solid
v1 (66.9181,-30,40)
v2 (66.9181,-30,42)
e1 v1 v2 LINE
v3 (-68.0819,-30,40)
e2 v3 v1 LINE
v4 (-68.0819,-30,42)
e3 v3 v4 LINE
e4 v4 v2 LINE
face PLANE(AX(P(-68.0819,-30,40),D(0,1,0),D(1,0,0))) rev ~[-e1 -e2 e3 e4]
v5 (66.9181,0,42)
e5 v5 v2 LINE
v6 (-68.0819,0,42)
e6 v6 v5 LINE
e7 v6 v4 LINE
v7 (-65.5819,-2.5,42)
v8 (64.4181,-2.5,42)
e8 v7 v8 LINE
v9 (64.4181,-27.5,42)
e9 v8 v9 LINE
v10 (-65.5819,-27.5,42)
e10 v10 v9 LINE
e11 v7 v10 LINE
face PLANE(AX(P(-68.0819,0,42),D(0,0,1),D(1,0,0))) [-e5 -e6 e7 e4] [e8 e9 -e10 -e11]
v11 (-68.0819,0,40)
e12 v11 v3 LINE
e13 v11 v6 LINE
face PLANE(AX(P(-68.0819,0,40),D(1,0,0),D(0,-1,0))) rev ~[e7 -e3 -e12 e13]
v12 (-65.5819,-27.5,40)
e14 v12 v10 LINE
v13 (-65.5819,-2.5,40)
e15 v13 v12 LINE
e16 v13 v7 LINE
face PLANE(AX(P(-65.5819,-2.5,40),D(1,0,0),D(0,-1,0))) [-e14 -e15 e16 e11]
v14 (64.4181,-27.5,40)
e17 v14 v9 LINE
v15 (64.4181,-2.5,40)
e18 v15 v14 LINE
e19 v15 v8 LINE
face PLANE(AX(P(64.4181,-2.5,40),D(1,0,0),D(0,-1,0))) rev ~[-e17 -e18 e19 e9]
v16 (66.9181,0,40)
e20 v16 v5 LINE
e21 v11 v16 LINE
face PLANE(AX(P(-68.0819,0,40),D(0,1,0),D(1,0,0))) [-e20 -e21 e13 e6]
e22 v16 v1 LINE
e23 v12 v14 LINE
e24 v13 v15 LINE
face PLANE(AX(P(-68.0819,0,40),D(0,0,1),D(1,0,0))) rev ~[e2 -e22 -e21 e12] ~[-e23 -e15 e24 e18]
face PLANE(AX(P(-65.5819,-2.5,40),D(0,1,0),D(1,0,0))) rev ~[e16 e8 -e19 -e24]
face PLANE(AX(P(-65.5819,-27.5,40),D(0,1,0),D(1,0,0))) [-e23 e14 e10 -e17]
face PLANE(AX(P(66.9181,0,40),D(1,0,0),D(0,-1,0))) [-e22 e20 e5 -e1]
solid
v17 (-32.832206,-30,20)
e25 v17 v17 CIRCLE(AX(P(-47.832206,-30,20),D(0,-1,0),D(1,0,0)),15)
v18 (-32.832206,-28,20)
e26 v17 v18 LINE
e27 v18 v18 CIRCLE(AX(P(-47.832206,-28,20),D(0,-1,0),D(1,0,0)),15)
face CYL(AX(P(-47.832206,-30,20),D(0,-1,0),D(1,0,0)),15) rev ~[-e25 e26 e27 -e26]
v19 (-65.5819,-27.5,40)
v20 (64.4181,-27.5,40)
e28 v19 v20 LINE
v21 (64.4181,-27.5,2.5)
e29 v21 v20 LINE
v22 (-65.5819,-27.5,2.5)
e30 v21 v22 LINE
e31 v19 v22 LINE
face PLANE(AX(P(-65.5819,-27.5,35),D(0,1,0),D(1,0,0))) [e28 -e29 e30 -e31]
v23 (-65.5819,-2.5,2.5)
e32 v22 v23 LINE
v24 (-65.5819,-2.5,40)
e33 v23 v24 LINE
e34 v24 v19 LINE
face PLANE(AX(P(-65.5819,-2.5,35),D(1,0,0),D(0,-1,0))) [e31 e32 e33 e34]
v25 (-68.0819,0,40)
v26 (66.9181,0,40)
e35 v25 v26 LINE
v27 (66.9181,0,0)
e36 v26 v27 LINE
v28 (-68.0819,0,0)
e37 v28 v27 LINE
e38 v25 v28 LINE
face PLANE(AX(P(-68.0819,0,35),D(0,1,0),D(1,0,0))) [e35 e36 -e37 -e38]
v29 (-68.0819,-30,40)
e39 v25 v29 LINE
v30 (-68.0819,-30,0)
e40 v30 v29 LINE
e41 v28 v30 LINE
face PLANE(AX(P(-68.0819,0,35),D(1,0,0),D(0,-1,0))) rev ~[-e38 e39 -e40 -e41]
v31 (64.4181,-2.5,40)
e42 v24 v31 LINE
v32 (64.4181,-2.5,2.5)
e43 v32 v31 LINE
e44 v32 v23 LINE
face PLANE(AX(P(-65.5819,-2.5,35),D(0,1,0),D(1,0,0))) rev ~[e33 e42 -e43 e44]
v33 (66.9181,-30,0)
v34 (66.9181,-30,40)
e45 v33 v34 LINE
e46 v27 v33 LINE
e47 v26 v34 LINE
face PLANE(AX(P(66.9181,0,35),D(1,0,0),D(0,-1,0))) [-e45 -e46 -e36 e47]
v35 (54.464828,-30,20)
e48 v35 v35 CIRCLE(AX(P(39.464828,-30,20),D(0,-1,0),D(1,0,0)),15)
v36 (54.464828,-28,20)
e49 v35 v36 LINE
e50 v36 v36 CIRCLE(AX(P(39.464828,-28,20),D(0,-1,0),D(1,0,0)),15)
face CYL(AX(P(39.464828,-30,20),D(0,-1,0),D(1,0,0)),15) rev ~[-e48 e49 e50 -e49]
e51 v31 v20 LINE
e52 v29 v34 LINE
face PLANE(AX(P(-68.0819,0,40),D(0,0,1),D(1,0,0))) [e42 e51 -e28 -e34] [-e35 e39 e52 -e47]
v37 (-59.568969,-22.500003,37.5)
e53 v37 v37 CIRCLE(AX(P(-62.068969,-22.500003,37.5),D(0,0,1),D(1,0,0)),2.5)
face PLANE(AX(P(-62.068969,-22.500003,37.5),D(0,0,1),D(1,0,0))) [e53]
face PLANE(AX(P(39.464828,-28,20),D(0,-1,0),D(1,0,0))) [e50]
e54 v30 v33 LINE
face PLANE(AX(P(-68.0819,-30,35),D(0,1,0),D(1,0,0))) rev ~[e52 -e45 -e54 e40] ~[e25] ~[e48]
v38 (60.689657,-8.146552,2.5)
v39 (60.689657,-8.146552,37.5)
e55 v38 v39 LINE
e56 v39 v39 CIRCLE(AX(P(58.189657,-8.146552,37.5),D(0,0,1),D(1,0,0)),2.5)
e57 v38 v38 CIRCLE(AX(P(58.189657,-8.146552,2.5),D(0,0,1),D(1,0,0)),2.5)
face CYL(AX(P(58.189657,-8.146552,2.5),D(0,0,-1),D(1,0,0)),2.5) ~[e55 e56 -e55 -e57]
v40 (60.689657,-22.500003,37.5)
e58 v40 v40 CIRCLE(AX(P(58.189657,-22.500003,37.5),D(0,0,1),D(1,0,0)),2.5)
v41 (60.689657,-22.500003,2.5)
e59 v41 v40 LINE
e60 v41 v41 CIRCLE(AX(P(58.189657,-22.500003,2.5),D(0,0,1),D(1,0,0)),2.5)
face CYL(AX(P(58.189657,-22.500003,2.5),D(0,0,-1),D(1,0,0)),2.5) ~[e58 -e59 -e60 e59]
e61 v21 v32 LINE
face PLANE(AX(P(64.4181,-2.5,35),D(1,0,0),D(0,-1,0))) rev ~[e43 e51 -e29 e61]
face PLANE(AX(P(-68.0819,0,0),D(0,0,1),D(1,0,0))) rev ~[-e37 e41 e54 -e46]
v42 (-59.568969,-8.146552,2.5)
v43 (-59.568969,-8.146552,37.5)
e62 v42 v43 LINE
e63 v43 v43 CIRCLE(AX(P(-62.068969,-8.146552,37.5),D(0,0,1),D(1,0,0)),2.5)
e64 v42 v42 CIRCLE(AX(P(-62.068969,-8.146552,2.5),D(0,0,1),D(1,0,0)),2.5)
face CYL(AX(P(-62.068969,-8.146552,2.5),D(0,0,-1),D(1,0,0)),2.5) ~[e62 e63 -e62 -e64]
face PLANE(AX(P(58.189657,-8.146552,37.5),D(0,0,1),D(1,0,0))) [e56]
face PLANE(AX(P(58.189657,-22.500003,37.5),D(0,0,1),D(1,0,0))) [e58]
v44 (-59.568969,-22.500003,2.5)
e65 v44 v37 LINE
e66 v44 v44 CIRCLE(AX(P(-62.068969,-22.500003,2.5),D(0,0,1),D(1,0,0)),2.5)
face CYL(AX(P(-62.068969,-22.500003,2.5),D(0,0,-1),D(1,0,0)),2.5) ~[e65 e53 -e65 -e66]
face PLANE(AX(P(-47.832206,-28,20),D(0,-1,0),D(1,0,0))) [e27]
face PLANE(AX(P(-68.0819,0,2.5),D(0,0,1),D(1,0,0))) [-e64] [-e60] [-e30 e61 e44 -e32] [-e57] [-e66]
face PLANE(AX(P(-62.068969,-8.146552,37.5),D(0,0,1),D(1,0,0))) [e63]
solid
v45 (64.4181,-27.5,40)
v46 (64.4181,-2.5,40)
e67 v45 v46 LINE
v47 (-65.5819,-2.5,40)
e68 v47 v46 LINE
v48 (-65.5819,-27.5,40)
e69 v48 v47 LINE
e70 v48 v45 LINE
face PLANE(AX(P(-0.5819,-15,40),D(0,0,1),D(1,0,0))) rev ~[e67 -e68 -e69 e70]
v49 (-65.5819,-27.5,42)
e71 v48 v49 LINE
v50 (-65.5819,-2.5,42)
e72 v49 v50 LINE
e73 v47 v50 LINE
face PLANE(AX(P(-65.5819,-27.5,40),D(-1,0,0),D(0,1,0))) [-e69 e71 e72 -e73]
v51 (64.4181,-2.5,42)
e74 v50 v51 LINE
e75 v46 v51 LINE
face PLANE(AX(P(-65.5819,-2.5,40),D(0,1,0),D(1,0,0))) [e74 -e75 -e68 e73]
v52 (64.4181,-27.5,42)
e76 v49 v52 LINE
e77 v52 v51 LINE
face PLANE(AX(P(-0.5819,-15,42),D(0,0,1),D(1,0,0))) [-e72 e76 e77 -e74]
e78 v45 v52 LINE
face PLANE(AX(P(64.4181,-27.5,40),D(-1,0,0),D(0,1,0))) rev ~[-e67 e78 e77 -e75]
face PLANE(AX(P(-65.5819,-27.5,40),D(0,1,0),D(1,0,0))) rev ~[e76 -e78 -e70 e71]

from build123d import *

# Parameters (mm, degrees)
F0_W      = 135
F0_H      = 30
F1_DEPTH  = 30
F2_T      = -2.5
F3_R      = 2.5
F4_DEPTH  = 35
F5_DEPTH  = 5
F6_DEPTH  = 5
F7_W      = 130
F7_H      = 25
F8_DEPTH  = 2
F9_DEPTH  = 2
F10_R     = 15
F11_DEPTH = 2


with BuildPart() as f1:
    # F0 (on Front) → F1 (new body)
    with BuildSketch(Plane.XZ):
        with Locations((-0.5819004774, 15)):
            Rectangle(F0_W, F0_H)
    extrude(amount=F1_DEPTH)

    # F2
    f2_openings = [f1.faces().sort_by_distance(p)[0] for p in [
        (-0.5819, -15, 30),
    ]]
    offset(amount=F2_T, openings=f2_openings)

    # F3 (on face) → F4 (join)
    with BuildSketch(Plane.XY.offset(2.5)):
        with Locations((-62.0689690113, -8.146552369)):
            Circle(F3_R)
        with Locations((-62.0689690113, -22.5000027567)):
            Circle(F3_R)
        with Locations((58.1896565855, -22.5000027567)):
            Circle(F3_R)
        with Locations((58.1896565855, -8.146552369)):
            Circle(F3_R)
    extrude(amount=F4_DEPTH)

    # F5 (add): a face of the model
    f5_faces = [f1.faces().sort_by_distance(p)[0] for p in [
        (65.535167854, -15, 30),
    ]]
    extrude(f5_faces, amount=F5_DEPTH)

    # F6 (add): a face of the model
    f6_faces = [f1.faces().sort_by_distance(p)[0] for p in [
        (65.535167854, -15, 35),
    ]]
    extrude(f6_faces, amount=F6_DEPTH)


with BuildPart() as f8:
    # F7 (on face) → F8 (new body)
    with BuildSketch(Plane.XY.offset(40)):
        with Locations((-0.5819004774, -15)):
            Rectangle(F7_W, F7_H)
    extrude(amount=F8_DEPTH)


with BuildPart() as f9:
    # F9 (new): a face of the model
    f9_faces = [f1.part.faces().sort_by_distance(p)[0] for p in [
        (65.535167854, -15, 40),
    ]]
    extrude(f9_faces, amount=F9_DEPTH)


with BuildPart() as f1_1:
    add(f1.part)

    # F10 (on face) → F11 (cut)
    with BuildSketch(Plane.XZ.offset(30)):
        with Locations((-47.8322058916, 20)):
            Circle(F10_R)
        with Locations((39.4648276269, 20)):
            Circle(F10_R)
    extrude(amount=-F11_DEPTH, mode=Mode.SUBTRACT)


solid = Compound([f8.part, f9.part, f1_1.part])
